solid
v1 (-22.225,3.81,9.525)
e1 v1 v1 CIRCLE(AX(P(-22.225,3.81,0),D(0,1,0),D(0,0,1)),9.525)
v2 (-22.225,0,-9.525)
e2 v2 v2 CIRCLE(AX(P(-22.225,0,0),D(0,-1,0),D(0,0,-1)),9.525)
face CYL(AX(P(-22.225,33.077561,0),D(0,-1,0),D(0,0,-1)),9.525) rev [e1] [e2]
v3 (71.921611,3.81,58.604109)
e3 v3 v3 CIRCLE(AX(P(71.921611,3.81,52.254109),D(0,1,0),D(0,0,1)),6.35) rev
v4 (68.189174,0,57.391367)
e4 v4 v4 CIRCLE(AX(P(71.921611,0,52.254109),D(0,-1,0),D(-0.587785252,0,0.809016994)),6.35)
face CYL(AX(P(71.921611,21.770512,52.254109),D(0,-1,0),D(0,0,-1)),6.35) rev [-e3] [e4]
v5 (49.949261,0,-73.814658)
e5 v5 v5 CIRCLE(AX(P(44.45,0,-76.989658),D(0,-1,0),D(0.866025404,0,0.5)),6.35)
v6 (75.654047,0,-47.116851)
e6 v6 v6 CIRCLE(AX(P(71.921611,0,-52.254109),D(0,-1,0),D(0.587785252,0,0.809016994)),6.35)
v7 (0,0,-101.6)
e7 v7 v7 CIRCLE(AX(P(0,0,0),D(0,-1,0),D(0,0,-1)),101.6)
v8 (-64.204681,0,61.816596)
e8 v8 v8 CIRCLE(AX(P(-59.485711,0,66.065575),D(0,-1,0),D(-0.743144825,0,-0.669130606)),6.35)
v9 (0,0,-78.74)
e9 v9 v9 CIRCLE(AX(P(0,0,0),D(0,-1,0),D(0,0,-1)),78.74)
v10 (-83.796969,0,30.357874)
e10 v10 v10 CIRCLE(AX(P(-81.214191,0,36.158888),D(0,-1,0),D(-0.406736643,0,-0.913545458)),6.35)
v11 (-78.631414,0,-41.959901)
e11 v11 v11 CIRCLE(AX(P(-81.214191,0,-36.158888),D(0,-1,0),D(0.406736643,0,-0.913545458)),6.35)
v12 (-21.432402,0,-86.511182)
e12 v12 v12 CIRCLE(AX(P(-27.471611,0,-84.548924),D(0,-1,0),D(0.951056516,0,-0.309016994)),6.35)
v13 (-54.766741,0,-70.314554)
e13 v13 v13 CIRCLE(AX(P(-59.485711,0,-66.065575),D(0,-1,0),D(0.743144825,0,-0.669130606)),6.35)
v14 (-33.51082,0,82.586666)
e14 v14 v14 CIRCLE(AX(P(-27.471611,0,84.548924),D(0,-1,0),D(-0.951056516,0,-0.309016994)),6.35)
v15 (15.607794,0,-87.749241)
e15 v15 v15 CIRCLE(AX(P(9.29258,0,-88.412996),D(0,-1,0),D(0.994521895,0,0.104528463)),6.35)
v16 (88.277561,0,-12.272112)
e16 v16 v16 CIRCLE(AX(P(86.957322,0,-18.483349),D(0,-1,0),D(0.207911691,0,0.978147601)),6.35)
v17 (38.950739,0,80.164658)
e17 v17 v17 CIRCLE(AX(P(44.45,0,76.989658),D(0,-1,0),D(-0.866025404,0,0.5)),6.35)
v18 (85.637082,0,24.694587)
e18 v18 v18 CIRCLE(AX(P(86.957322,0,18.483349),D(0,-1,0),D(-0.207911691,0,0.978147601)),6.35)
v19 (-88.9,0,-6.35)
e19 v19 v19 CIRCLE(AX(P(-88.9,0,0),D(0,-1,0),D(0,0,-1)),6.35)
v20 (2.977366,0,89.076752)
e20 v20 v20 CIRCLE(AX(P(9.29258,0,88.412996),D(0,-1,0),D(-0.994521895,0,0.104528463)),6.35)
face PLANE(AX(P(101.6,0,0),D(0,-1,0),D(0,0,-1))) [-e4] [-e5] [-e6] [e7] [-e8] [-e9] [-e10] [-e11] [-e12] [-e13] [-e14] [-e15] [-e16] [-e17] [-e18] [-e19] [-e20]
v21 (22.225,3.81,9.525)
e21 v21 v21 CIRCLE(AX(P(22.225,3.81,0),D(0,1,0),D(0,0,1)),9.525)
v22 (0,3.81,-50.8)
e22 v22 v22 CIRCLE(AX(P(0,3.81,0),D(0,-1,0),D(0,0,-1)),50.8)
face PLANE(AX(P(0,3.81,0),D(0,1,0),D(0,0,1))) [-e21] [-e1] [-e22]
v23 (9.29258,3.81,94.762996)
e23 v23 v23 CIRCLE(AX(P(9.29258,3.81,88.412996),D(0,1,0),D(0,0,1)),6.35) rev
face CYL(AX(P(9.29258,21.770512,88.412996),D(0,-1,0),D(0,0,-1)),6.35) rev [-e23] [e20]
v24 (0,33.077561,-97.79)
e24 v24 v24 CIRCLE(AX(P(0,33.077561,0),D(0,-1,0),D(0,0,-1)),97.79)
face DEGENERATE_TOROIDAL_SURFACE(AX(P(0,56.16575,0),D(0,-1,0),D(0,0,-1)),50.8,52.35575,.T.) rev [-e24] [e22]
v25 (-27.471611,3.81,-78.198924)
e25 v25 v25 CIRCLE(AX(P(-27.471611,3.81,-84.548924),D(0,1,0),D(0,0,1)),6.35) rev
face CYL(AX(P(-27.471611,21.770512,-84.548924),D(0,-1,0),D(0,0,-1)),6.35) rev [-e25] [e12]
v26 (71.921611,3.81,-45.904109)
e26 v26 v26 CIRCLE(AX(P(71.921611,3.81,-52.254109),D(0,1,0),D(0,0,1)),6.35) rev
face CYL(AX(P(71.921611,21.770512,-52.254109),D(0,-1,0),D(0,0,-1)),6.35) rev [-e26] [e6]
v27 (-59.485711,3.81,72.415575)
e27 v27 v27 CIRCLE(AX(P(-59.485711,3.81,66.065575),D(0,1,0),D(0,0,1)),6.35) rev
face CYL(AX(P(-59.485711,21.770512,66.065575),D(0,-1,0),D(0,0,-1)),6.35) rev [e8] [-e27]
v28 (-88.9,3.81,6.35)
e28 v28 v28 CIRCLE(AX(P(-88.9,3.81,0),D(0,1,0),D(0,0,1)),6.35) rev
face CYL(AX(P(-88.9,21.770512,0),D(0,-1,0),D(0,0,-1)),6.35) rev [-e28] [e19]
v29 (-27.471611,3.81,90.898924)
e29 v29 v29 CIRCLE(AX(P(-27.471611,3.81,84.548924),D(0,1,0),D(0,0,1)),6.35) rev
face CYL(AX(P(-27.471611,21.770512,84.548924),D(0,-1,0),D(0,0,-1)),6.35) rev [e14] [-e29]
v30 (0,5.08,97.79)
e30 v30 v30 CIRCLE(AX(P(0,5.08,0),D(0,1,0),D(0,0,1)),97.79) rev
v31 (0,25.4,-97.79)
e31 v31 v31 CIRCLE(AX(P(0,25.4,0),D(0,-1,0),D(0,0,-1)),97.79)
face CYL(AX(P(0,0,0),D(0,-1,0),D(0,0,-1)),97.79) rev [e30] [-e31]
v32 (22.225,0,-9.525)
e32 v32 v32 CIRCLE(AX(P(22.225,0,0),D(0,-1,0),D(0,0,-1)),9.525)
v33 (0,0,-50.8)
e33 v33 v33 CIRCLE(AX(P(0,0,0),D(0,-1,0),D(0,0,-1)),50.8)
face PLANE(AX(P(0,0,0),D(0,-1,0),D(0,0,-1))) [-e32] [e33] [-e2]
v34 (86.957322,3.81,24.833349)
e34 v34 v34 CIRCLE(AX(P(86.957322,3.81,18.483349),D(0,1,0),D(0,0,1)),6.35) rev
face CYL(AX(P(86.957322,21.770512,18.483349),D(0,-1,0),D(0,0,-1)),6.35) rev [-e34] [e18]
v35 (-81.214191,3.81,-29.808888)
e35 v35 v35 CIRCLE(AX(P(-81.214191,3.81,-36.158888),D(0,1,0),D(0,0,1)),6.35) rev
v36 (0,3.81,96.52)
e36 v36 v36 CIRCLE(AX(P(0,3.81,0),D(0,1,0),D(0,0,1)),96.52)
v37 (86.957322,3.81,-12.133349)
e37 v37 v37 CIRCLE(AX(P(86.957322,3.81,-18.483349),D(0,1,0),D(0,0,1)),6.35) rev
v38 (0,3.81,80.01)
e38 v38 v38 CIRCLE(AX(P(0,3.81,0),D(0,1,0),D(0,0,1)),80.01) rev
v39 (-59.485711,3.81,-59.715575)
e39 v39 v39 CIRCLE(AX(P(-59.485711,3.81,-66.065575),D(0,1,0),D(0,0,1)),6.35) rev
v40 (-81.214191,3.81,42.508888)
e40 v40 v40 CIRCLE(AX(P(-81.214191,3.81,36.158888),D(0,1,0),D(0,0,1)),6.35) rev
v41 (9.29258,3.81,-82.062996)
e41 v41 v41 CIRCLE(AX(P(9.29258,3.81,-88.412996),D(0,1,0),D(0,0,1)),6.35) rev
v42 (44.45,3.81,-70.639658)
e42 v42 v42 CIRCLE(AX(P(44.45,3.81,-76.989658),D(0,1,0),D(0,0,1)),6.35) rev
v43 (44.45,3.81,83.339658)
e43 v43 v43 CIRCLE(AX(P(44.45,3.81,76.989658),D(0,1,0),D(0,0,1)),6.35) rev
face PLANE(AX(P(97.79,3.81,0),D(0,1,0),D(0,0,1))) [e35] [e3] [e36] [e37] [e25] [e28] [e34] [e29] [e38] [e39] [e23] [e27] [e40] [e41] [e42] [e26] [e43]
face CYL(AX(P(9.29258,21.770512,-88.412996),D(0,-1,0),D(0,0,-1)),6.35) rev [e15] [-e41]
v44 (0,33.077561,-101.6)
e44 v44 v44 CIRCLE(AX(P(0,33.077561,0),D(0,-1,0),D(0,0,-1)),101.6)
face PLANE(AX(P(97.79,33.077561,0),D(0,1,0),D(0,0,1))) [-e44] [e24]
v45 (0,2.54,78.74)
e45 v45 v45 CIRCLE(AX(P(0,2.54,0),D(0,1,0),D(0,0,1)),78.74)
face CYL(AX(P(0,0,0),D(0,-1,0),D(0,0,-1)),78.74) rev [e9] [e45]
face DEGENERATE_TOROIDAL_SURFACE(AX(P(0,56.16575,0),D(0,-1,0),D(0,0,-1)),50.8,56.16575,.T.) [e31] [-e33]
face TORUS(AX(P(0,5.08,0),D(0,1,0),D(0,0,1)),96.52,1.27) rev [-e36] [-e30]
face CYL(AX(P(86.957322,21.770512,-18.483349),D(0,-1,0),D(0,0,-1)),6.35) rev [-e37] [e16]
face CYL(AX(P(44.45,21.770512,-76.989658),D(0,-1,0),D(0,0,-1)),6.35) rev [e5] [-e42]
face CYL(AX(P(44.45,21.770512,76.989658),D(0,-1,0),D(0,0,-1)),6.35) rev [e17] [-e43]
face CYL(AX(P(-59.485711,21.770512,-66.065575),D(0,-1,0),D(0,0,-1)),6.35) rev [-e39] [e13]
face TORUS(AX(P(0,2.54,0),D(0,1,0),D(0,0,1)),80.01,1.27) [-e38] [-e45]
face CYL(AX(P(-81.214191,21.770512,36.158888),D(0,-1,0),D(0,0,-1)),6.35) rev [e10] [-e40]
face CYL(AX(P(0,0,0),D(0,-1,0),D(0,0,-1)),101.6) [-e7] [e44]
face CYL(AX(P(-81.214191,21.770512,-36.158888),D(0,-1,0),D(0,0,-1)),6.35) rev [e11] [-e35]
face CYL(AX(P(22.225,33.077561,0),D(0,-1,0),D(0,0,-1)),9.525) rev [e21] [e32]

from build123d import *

# Parameters (mm, degrees)
SKETCH2_R          = 9.525
CUT_EXTRUDE1_DEPTH = 148.442344892
SKETCH3_R          = 6.35
CUT_EXTRUDE2_DEPTH = 3.81
CIRPATTERN1_COUNT  = 15
FILLET1_R          = 1.27


with BuildPart() as part:
    # Sketch1 → Revolve1 (revolve)
    with BuildSketch(Plane.XY, mode=Mode.PRIVATE) as revolve1_sk:
        with BuildLine():
            Line((0, 0), (50.8, 0))
            ThreePointArc((50.8, 0), (77.507770873, 6.756373885), (97.79, 25.4))
            Line((97.79, 25.4), (97.79, 3.81))
            Line((97.79, 3.81), (78.74, 3.81))
            Line((78.74, 3.81), (78.74, 0))
            Line((78.74, 0), (101.6, 0))
            Line((101.6, 0), (101.6, 33.077561287))
            Line((101.6, 33.077561287), (97.79, 33.077561287))
            ThreePointArc((97.79, 33.077561287), (78.479641633, 11.725205481), (50.8, 3.81))
            Line((50.8, 3.81), (0, 3.81))
            Line((0, 3.81), (0, 0))
        make_face()
    revolve(revolve1_sk.sketch.rotate(Axis((0, 0, 0), (0, 1, 0)), 90), axis=Axis((0, 0, 0), (0, 1, 0)))

    # Sketch2 → Cut-Extrude1 (cut, through all)
    with BuildSketch(Plane.XZ):
        with Locations(Location((-22.225, 0, 0), (0, 0, 270))):
            Circle(SKETCH2_R)
        with Locations(Location((22.225, 0, 0), (0, 0, 270))):
            Circle(SKETCH2_R)
    extrude(amount=-CUT_EXTRUDE1_DEPTH, mode=Mode.SUBTRACT)

    # Sketch3 → Cut-Extrude2 (cut)
    with BuildSketch(Plane.XZ):
        with Locations(Location((-88.9, 0, 0), (0, 0, 270))):
            Circle(SKETCH3_R)
    cut_extrude2 = extrude(amount=-CUT_EXTRUDE2_DEPTH, mode=Mode.SUBTRACT)

    # CirPattern1: Cut-Extrude2 ×15 about axis
    cirpattern1_axis = Axis((0, 0, 0), (0, 1, 0))
    for i in range(1, CIRPATTERN1_COUNT):
        add(cut_extrude2.rotate(cirpattern1_axis, i * 360 / CIRPATTERN1_COUNT), mode=Mode.SUBTRACT)

    # Fillet1
    fillet1_edges = [part.edges().sort_by_distance(p)[0] for p in [
        (0, 3.81, 78.74),
        (0, 3.81, 97.79),
    ]]
    fillet(fillet1_edges, radius=FILLET1_R)


solid = part.part
